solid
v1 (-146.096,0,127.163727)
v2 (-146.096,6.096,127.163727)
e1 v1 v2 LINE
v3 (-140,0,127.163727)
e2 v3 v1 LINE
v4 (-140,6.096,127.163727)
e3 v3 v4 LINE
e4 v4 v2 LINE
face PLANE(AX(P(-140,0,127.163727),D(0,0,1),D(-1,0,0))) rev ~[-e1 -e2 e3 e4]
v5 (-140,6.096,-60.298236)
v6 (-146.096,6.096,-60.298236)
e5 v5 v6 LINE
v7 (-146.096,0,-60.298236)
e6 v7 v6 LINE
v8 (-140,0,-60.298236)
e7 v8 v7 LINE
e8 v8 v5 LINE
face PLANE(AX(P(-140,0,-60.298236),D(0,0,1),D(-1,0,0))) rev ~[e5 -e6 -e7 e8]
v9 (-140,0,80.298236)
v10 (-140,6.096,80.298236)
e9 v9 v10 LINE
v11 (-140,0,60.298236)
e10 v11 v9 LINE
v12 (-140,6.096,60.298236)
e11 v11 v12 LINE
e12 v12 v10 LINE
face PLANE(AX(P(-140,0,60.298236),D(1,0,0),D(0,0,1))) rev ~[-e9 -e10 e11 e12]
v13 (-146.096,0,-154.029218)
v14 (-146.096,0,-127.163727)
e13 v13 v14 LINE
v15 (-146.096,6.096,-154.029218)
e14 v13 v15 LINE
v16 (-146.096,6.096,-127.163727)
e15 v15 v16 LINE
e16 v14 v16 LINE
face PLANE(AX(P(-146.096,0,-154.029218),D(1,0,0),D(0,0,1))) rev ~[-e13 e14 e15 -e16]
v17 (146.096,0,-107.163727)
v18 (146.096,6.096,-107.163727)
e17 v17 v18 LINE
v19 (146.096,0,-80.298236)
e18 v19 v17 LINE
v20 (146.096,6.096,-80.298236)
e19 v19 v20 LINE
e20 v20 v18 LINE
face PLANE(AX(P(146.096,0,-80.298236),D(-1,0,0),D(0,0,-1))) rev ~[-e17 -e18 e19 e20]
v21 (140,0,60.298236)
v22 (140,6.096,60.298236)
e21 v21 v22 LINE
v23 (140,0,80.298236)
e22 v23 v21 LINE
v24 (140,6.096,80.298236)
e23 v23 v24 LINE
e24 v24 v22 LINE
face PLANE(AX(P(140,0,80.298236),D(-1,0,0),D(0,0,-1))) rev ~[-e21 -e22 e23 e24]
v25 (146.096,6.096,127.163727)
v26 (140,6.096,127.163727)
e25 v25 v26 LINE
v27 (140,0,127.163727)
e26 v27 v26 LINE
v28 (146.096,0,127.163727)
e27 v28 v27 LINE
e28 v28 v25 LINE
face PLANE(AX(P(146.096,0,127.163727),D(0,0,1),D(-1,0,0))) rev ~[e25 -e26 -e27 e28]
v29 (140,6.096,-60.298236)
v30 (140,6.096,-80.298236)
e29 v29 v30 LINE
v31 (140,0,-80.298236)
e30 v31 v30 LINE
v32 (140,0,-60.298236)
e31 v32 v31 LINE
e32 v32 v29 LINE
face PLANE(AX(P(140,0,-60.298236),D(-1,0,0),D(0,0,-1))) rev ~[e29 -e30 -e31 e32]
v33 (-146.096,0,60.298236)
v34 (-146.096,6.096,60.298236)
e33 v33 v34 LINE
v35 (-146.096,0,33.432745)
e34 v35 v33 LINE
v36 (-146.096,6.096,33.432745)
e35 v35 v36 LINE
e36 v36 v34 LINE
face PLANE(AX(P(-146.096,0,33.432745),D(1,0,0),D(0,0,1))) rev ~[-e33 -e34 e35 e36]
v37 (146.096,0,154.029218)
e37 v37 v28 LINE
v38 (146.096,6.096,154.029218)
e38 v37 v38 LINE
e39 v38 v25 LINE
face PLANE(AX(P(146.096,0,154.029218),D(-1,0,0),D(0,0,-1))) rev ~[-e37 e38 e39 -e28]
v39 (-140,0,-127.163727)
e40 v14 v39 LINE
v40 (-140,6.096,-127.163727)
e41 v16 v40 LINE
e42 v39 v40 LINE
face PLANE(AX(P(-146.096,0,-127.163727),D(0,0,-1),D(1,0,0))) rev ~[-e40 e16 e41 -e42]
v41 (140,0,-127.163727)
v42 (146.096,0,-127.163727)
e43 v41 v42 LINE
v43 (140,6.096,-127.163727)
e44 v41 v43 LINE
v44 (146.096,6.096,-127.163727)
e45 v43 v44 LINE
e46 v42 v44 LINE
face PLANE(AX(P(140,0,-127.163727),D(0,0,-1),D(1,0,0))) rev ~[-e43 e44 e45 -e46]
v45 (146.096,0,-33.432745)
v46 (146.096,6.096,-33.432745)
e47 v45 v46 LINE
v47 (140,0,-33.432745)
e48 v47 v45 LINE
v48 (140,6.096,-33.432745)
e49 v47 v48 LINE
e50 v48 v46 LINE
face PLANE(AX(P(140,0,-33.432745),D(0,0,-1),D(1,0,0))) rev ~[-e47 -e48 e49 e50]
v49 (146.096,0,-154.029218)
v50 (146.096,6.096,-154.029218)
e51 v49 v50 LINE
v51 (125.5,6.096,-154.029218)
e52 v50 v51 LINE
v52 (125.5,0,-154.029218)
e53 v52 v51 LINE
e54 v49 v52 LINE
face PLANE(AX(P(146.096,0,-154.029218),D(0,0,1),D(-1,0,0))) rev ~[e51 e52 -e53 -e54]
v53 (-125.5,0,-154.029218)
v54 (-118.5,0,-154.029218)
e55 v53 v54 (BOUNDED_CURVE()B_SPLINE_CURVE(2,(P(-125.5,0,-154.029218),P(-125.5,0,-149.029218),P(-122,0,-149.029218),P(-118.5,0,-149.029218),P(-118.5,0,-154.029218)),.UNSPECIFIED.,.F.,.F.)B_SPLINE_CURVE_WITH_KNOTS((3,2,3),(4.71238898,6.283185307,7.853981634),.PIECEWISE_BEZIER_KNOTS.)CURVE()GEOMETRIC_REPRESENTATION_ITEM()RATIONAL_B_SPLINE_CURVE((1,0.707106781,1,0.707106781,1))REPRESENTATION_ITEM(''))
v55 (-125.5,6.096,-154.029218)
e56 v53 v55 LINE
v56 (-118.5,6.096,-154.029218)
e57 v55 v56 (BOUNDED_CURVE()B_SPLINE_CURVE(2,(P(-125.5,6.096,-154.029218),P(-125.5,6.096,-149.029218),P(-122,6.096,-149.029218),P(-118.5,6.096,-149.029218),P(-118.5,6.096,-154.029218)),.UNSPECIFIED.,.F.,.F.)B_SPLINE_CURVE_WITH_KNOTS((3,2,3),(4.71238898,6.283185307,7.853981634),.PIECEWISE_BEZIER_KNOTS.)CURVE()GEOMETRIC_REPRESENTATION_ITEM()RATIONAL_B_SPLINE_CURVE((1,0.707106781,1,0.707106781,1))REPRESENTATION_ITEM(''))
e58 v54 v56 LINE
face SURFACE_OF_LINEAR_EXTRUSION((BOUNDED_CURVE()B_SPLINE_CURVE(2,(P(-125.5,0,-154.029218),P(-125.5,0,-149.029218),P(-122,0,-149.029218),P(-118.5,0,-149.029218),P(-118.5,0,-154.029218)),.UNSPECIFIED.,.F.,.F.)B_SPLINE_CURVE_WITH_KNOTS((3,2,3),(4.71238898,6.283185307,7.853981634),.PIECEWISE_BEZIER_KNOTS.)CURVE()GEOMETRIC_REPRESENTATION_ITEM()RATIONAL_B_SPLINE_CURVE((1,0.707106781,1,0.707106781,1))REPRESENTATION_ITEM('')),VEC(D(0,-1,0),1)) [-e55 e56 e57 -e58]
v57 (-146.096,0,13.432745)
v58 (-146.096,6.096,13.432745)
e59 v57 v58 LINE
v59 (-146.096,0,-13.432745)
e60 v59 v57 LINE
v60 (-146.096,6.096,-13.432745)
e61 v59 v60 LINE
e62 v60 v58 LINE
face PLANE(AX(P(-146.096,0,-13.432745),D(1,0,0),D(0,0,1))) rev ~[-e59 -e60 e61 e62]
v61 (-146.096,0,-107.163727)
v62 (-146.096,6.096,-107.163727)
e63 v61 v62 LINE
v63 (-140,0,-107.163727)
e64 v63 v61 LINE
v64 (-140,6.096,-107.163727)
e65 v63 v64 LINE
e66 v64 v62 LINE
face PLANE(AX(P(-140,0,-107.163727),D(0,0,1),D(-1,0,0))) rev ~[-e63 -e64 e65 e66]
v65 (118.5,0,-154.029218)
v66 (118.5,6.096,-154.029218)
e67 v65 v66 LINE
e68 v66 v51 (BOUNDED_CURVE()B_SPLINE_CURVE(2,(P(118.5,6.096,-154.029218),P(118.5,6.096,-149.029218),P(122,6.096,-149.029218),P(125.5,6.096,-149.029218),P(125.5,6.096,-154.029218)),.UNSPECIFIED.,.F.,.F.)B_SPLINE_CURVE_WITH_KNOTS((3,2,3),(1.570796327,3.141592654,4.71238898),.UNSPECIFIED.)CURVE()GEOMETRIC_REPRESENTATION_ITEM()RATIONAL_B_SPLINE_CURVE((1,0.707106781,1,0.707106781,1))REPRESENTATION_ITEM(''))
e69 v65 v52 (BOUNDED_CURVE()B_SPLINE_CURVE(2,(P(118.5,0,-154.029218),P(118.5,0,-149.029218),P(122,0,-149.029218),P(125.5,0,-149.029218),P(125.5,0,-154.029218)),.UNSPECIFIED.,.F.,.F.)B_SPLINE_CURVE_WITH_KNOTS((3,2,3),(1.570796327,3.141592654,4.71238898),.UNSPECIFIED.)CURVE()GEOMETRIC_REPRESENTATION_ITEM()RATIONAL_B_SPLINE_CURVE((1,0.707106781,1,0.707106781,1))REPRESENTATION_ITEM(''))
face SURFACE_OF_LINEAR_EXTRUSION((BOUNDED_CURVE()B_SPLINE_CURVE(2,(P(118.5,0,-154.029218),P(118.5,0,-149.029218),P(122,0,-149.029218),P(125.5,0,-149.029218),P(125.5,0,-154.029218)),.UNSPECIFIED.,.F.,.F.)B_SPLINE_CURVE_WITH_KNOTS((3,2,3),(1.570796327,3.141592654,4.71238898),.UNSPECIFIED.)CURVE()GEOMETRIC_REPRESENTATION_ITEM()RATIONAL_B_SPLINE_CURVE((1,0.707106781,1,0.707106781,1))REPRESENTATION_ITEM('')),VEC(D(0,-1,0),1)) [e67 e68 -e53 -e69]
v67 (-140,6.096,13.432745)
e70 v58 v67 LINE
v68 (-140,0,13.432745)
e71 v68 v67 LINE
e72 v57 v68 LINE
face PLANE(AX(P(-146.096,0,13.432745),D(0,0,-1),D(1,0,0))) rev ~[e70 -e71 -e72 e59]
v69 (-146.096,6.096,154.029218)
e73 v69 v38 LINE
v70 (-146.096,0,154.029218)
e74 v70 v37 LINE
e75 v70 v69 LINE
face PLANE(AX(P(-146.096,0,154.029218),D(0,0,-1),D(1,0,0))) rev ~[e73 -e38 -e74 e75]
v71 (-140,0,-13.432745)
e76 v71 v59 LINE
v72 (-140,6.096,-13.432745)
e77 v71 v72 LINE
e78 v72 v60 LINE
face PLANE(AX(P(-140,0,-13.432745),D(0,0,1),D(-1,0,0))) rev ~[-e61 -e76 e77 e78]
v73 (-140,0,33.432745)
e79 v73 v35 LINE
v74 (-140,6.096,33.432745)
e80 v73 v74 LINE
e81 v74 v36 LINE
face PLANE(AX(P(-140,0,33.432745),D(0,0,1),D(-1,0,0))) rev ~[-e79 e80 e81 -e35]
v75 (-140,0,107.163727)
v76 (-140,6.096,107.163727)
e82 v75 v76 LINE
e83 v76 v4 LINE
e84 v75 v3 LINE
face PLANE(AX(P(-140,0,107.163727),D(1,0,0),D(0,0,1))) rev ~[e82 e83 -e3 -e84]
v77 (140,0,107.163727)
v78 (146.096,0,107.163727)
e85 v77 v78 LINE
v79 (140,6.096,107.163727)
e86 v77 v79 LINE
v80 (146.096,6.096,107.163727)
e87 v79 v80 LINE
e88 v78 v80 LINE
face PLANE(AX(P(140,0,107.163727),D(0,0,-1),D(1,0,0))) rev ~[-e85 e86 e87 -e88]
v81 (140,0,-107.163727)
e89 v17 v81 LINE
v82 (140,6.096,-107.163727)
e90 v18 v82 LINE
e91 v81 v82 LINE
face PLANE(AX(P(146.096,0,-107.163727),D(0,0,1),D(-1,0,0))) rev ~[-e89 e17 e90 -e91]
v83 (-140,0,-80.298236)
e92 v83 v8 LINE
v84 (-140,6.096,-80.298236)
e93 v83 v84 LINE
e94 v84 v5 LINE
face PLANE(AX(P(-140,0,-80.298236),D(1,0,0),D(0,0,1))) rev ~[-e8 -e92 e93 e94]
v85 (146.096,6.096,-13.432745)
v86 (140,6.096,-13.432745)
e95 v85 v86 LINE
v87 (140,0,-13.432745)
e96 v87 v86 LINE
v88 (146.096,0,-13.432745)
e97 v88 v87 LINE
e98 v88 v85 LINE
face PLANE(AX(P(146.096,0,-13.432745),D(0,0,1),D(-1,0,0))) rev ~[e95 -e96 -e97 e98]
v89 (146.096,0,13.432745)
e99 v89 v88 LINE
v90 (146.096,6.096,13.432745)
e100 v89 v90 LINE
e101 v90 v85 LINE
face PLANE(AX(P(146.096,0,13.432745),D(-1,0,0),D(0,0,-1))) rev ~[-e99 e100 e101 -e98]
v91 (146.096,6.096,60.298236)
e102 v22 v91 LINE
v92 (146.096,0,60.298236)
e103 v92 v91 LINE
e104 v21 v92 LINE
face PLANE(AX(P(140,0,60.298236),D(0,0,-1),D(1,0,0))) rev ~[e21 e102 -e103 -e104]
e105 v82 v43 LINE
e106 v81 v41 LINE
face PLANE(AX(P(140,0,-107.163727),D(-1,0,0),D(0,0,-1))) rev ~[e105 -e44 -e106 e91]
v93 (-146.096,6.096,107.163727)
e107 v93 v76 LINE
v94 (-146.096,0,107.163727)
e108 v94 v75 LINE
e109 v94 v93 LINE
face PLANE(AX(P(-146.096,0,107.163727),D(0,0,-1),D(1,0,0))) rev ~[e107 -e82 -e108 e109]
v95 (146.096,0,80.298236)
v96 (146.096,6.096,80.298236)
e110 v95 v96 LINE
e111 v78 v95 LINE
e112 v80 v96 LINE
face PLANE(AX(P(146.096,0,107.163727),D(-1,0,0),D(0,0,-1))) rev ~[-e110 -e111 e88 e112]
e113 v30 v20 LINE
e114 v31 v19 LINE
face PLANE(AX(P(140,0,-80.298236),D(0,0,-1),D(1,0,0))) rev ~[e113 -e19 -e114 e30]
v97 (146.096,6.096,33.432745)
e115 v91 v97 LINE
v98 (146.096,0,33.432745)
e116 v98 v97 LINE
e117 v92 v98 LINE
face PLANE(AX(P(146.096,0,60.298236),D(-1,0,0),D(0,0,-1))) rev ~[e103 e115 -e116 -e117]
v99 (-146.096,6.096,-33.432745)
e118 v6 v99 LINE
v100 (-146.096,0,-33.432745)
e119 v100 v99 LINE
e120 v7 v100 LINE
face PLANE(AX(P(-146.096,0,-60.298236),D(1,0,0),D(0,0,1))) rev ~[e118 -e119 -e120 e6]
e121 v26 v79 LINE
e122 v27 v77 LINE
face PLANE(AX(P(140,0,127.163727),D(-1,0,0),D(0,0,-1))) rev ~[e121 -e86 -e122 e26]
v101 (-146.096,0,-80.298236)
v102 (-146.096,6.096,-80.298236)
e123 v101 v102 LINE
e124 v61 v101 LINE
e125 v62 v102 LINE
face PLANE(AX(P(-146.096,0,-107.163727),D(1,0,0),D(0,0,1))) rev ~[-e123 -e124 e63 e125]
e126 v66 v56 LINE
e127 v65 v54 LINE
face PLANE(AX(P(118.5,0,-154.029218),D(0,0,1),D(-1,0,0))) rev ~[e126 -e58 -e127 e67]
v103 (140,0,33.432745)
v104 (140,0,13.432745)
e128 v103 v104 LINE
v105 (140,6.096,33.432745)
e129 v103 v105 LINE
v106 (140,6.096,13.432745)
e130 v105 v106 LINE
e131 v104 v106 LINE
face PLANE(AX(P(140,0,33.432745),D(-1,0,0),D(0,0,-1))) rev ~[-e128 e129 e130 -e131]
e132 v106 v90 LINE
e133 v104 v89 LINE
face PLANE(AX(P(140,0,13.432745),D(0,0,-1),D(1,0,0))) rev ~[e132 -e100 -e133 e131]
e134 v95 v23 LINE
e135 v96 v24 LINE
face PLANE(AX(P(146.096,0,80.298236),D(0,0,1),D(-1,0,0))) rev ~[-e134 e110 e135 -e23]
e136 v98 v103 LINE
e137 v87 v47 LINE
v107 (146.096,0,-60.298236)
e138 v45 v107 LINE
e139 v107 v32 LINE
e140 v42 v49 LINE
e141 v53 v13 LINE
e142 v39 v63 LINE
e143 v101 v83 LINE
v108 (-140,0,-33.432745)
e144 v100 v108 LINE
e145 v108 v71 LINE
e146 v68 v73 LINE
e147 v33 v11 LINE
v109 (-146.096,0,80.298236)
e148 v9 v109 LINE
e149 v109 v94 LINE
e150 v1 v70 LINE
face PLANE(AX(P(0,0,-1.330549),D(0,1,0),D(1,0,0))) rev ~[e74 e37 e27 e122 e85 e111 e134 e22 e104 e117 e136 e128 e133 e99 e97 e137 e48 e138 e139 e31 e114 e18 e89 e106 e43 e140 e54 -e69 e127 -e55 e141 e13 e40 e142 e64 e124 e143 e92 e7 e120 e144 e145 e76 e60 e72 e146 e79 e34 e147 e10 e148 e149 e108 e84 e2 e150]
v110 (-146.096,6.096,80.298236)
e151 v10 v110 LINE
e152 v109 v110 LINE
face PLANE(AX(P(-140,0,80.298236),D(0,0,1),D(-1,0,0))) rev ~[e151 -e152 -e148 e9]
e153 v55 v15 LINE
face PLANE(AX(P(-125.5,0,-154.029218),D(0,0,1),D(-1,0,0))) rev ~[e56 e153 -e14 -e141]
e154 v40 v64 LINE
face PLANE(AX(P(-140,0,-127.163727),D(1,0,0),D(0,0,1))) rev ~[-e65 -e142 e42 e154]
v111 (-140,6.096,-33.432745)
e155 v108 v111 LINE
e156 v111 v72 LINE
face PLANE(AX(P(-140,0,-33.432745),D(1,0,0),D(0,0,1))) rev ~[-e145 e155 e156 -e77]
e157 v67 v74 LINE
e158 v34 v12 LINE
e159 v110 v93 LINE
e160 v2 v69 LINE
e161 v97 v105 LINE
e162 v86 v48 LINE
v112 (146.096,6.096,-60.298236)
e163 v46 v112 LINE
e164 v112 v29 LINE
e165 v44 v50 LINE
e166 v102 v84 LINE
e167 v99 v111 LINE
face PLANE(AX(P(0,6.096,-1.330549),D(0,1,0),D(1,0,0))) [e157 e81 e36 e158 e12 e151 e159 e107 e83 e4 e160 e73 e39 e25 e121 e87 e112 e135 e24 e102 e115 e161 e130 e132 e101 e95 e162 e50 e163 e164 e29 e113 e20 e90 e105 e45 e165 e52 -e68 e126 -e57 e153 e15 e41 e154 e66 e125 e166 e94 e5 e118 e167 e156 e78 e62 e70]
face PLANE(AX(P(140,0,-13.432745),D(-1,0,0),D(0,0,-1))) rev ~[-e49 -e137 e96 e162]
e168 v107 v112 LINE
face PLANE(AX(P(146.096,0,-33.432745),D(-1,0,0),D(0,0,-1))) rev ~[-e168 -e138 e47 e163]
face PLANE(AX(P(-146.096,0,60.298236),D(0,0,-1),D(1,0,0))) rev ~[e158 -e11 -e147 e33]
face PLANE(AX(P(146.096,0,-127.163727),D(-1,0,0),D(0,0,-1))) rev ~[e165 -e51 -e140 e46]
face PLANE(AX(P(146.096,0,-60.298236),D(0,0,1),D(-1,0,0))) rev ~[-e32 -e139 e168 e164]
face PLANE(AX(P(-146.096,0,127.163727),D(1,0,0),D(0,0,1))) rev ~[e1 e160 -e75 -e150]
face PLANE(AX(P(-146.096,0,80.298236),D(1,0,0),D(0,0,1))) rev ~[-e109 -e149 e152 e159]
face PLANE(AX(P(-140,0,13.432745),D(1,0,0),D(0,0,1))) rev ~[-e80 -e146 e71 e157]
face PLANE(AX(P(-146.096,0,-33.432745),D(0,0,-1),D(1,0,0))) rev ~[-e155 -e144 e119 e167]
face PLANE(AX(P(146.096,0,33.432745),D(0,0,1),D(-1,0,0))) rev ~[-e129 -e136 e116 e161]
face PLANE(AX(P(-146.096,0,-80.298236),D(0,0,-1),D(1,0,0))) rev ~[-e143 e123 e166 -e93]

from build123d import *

# Parameters (mm, degrees)
BOSS_EXTRUDE1_DEPTH = 6.096


with BuildPart() as part:
    # Sketch1 → Boss-Extrude1 (new body)
    with BuildSketch(Plane(origin=(0, 0, 0), x_dir=(1, 0, 0), z_dir=(0, 1, 0))):
        with BuildLine():
            Line((-146.096, 127.163727148), (-140, 127.163727148))
            Line((-140, 127.163727148), (-140, 107.163727148))
            Line((-140, 107.163727148), (-146.096, 107.163727148))
            Line((-146.096, 107.163727148), (-146.096, 80.298236289))
            Line((-146.096, 80.298236289), (-140, 80.298236289))
            Line((-140, 80.298236289), (-140, 60.298236289))
            Line((-140, 60.298236289), (-146.096, 60.298236289))
            Line((-146.096, 60.298236289), (-146.096, 33.43274543))
            Line((-146.096, 33.43274543), (-140, 33.43274543))
            Line((-140, 33.43274543), (-140, 13.43274543))
            Line((-140, 13.43274543), (-146.096, 13.43274543))
            Line((-146.096, 13.43274543), (-146.096, -13.43274543))
            Line((-146.096, -13.43274543), (-140, -13.43274543))
            Line((-140, -13.43274543), (-140, -33.43274543))
            Line((-140, -33.43274543), (-146.096, -33.43274543))
            Line((-146.096, -33.43274543), (-146.096, -60.298236289))
            Line((-146.096, -60.298236289), (-140, -60.298236289))
            Line((-140, -60.298236289), (-140, -80.298236289))
            Line((-140, -80.298236289), (-146.096, -80.298236289))
            Line((-146.096, -80.298236289), (-146.096, -107.163727148))
            Line((-146.096, -107.163727148), (-140, -107.163727148))
            Line((-140, -107.163727148), (-140, -127.163727148))
            Line((-140, -127.163727148), (-146.096, -127.163727148))
            Line((-146.096, -127.163727148), (-146.096, -154.029218007))
            Line((-146.096, -154.029218007), (146.096, -154.029218007))
            Line((146.096, -154.029218007), (146.096, -127.163727148))
            Line((146.096, -127.163727148), (140, -127.163727148))
            Line((140, -127.163727148), (140, -107.163727148))
            Line((140, -107.163727148), (146.096, -107.163727148))
            Line((146.096, -107.163727148), (146.096, -80.298236289))
            Line((146.096, -80.298236289), (140, -80.298236289))
            Line((140, -80.298236289), (140, -60.298236289))
            Line((140, -60.298236289), (146.096, -60.298236289))
            Line((146.096, -60.298236289), (146.096, -33.43274543))
            Line((146.096, -33.43274543), (140, -33.43274543))
            Line((140, -33.43274543), (140, -13.43274543))
            Line((140, -13.43274543), (146.096, -13.43274543))
            Line((146.096, -13.43274543), (146.096, 13.43274543))
            Line((146.096, 13.43274543), (140, 13.43274543))
            Line((140, 13.43274543), (140, 33.43274543))
            Line((140, 33.43274543), (146.096, 33.43274543))
            Line((146.096, 33.43274543), (146.096, 60.298236289))
            Line((146.096, 60.298236289), (140, 60.298236289))
            Line((140, 60.298236289), (140, 80.298236289))
            Line((140, 80.298236289), (146.096, 80.298236289))
            Line((146.096, 80.298236289), (146.096, 107.163727148))
            Line((146.096, 107.163727148), (140, 107.163727148))
            Line((140, 107.163727148), (140, 127.163727148))
            Line((140, 127.163727148), (146.096, 127.163727148))
            Line((146.096, 127.163727148), (146.096, 154.029218007))
            Line((146.096, 154.029218007), (125.5, 154.029218007))
            add(Edge.make_bspline(
                [(118.5, 154.029218007), (118.5, 149.029218007), (122, 149.029218007), (125.5, 149.029218007), (125.5, 154.029218007)],
                knots=[1.570796327, 1.570796327, 1.570796327, 3.141592654, 3.141592654, 4.71238898, 4.71238898, 4.71238898], degree=2, weights=[1, 0.707106781, 1, 0.707106781, 1]))
            Line((118.5, 154.029218007), (-118.5, 154.029218007))
            add(Edge.make_bspline(
                [(-125.5, 154.029218007), (-125.5, 149.029218007), (-122, 149.029218007), (-118.5, 149.029218007), (-118.5, 154.029218007)],
                knots=[4.71238898, 4.71238898, 4.71238898, 6.283185307, 6.283185307, 7.853981634, 7.853981634, 7.853981634], degree=2, weights=[1, 0.707106781, 1, 0.707106781, 1]))
            Line((-125.5, 154.029218007), (-146.096, 154.029218007))
            Line((-146.096, 154.029218007), (-146.096, 127.163727148))
        make_face()
    extrude(amount=BOSS_EXTRUDE1_DEPTH)


solid = part.part
